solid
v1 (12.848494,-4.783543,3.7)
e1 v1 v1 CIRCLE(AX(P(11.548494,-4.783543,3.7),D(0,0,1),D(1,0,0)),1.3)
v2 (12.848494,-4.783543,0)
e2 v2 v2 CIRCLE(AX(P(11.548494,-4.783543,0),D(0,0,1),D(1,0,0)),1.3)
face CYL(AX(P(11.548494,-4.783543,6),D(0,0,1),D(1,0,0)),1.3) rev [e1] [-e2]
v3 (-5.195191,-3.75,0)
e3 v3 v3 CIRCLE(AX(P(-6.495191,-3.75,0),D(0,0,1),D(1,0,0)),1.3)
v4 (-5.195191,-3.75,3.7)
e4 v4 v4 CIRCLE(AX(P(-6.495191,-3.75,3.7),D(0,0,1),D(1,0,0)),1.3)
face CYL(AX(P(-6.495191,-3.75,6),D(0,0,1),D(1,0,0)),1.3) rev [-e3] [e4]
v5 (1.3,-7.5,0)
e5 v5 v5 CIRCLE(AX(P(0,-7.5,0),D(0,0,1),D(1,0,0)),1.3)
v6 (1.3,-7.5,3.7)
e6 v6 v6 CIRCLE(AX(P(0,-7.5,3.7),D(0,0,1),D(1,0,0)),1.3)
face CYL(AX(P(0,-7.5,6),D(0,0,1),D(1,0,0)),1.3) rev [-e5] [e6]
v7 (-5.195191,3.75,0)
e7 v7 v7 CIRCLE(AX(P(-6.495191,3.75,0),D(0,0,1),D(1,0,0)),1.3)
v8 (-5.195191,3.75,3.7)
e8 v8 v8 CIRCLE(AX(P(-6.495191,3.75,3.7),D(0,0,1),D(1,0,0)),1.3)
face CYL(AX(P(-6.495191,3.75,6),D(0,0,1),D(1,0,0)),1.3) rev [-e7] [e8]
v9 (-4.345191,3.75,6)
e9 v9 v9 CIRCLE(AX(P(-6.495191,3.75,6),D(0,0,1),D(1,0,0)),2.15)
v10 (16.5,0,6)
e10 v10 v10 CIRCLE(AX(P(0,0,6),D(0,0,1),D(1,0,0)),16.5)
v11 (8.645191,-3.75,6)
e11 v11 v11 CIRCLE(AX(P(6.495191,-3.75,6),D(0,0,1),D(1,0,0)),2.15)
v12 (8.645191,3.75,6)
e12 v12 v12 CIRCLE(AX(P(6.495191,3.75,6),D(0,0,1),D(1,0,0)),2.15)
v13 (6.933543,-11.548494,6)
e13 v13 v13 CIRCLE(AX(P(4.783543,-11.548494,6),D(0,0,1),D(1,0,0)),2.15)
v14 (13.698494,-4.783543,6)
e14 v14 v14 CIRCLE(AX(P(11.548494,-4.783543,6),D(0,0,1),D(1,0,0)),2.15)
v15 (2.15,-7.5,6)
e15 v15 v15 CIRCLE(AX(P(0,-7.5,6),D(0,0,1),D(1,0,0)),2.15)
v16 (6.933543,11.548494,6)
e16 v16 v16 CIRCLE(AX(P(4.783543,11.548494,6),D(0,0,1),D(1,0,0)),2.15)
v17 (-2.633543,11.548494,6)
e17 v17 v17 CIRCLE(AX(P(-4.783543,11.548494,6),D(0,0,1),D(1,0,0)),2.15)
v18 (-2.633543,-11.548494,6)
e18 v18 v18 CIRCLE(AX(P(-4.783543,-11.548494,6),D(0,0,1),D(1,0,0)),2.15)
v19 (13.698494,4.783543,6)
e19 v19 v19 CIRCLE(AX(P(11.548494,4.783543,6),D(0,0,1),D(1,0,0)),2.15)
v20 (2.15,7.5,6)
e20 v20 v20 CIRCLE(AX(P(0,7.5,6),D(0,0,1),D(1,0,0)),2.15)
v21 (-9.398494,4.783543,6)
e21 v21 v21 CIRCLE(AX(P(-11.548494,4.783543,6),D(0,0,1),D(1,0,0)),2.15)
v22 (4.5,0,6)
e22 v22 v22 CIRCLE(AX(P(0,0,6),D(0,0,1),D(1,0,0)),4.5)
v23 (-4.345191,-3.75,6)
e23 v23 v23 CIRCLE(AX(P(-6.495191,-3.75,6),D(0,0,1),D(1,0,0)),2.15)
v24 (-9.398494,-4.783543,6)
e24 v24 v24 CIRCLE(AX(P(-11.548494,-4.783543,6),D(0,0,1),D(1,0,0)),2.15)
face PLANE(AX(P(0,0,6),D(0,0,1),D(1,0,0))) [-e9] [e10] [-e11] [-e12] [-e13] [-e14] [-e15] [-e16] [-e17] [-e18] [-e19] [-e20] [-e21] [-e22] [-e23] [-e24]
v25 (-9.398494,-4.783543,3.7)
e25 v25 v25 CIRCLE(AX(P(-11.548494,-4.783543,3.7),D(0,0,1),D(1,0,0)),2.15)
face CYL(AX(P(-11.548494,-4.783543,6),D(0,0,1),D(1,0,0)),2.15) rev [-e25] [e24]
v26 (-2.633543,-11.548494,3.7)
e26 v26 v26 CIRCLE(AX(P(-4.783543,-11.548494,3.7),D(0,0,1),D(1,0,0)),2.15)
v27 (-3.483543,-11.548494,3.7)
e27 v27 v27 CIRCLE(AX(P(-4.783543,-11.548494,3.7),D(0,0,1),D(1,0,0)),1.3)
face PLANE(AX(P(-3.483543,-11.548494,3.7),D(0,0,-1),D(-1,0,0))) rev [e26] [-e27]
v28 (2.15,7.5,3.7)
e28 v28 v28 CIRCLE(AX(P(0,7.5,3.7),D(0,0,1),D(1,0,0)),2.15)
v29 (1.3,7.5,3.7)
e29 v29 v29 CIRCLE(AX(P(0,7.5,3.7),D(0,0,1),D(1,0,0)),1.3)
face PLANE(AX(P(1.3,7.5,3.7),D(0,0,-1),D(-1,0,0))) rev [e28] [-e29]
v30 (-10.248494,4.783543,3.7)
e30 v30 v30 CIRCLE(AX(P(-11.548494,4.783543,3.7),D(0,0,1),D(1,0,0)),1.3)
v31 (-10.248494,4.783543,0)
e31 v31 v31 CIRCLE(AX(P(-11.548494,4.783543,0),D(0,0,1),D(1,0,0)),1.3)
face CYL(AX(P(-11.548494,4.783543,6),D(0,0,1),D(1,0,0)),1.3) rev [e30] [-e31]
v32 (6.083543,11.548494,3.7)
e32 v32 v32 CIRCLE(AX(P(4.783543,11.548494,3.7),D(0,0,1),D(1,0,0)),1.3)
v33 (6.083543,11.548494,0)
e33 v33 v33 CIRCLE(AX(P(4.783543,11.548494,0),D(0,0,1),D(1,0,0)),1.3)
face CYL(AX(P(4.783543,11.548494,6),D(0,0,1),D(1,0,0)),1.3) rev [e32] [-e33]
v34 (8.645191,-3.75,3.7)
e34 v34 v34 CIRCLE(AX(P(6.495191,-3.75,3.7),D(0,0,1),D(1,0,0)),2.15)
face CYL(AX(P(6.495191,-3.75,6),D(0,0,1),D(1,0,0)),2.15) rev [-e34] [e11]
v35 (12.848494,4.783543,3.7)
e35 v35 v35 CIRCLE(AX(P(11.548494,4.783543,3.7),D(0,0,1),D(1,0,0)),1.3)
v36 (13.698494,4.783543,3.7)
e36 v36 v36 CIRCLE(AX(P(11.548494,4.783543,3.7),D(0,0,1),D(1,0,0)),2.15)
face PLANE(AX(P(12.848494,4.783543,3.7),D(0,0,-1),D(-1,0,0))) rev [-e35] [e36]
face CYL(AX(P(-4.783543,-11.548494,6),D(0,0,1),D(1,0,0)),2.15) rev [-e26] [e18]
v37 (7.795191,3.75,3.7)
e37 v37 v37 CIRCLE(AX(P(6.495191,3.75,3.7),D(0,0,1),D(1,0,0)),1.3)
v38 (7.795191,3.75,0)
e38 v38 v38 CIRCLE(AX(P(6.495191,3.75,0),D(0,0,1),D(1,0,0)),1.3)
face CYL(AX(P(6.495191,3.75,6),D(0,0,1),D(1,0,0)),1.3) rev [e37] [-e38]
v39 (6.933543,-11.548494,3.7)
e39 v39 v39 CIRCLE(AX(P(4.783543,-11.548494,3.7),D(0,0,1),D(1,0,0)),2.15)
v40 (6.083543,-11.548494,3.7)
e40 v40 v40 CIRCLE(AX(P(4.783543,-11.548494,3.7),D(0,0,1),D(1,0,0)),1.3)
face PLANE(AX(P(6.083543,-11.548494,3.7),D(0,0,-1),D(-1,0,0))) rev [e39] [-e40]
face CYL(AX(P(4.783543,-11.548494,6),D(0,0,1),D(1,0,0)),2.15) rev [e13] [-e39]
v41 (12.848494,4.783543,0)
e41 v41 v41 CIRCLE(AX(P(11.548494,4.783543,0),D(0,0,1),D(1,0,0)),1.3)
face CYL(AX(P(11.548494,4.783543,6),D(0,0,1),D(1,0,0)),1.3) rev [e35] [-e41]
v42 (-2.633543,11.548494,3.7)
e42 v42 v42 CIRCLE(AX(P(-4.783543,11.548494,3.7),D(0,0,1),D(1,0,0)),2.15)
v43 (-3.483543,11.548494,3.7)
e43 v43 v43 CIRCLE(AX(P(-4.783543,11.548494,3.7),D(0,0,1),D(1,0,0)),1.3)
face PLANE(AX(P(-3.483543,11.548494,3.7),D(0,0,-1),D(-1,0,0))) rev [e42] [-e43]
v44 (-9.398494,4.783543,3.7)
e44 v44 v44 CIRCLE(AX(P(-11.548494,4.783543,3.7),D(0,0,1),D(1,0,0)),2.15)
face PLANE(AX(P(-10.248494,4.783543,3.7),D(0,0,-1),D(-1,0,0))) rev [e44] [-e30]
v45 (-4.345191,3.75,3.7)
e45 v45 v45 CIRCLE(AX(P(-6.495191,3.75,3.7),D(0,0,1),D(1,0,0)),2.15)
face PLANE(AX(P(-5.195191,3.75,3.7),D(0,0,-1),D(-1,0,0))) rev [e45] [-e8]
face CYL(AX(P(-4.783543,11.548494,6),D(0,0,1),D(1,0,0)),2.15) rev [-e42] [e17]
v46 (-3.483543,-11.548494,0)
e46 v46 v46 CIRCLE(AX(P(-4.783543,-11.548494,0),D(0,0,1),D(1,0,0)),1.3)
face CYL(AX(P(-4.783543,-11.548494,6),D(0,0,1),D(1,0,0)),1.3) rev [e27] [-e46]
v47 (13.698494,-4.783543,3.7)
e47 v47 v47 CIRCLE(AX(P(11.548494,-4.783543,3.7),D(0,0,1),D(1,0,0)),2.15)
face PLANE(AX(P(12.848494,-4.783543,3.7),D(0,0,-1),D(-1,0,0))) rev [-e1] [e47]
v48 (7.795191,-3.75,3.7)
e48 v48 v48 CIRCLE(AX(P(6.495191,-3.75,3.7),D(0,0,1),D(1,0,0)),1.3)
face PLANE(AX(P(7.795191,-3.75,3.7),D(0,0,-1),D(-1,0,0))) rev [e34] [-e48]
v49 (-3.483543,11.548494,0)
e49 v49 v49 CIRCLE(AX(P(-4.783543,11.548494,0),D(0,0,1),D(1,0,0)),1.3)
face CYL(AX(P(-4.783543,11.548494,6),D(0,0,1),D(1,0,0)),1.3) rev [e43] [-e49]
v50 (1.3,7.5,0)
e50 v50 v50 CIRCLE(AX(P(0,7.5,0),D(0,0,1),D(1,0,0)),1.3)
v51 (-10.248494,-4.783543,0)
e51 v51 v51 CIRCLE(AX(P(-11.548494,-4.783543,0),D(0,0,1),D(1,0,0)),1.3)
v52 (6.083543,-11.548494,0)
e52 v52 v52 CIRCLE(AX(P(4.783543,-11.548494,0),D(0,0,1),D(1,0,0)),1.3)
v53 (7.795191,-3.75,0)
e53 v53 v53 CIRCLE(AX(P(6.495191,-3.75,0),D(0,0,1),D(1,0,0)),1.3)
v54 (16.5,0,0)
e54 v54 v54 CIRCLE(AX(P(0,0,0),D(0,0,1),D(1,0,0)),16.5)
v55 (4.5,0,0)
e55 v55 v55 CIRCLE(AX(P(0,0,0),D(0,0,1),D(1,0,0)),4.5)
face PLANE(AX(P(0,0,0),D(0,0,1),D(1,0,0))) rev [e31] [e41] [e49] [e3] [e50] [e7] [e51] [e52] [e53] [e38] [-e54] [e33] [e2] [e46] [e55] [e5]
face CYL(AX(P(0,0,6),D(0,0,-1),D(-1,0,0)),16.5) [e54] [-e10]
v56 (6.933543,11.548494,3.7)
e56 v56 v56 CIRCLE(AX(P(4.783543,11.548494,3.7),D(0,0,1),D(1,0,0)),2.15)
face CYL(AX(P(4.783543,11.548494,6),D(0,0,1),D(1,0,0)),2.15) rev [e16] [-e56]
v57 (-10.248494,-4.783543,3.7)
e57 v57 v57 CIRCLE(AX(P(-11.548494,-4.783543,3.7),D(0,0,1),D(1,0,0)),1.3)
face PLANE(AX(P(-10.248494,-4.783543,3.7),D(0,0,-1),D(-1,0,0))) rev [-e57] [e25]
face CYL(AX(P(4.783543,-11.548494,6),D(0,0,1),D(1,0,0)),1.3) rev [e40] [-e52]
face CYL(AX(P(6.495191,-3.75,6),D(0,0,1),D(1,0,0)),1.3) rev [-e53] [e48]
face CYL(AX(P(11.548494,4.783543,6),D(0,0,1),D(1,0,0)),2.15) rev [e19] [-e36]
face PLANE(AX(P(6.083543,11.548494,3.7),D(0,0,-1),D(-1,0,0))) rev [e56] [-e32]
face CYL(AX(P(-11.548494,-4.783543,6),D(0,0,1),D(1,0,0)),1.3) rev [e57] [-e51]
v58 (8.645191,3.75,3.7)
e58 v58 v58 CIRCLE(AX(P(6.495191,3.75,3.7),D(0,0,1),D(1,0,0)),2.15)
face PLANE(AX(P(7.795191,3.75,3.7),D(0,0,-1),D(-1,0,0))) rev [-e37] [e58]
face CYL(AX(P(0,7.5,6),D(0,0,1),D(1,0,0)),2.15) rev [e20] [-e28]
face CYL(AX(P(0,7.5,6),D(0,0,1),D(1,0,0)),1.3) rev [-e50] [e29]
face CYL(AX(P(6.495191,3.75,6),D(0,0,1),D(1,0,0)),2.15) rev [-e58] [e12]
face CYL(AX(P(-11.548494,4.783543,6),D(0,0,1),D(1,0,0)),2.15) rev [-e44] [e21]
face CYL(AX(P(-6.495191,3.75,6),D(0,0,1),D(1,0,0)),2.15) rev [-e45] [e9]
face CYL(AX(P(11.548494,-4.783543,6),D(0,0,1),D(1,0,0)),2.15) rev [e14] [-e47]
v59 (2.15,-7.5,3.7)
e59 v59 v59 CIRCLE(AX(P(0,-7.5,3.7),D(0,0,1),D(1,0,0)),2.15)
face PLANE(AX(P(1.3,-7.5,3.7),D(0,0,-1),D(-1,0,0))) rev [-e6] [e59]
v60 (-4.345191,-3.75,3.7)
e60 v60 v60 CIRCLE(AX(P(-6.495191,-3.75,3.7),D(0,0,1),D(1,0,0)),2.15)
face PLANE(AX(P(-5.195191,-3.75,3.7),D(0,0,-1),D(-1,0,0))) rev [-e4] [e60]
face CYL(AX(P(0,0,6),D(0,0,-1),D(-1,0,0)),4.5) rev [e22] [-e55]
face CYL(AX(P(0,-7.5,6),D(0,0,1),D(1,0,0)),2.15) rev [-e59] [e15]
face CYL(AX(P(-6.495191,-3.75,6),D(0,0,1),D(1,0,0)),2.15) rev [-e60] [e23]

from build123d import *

# Parameters (mm, degrees)
SKETCH_1_R                = 16.5
SKETCH_1_R_2              = 4.5
EXTRUDE_1_DEPTH           = 6
HOLE_WIZARD_1_D           = 2.6
HOLE_WIZARD_1_CBORE_D     = 4.3
HOLE_WIZARD_1_CBORE_DEPTH = 2.3
PATTERN_CIRCULAR_1_COUNT  = 6
HOLE_WIZARD_2_D           = 2.6
HOLE_WIZARD_2_CBORE_D     = 4.3
HOLE_WIZARD_2_CBORE_DEPTH = 2.3
PATTERN_CIRCULAR_2_COUNT  = 8


with BuildPart() as part:
    # 草图1 → 凸台-拉伸1 (new body)
    with BuildSketch(Plane.XY):
        Circle(SKETCH_1_R)
        Circle(SKETCH_1_R_2, mode=Mode.SUBTRACT)
    extrude(amount=EXTRUDE_1_DEPTH)

    # 打孔尺寸(%根据)内六角圆柱头螺钉的类型1 (through all)
    with Locations(Plane.XY.offset(6)):
        with Locations((0, 7.5)):
            hole_wizard_1 = CounterBoreHole(HOLE_WIZARD_1_D / 2, HOLE_WIZARD_1_CBORE_D / 2, HOLE_WIZARD_1_CBORE_DEPTH)

    # 阵列(圆周)1: 打孔尺寸(%根据)内六角圆柱头螺钉的类型1 ×6 about axis
    pattern_circular_1_axis = Axis((0, 0, 6), (0, 0, -1))
    for i in range(1, PATTERN_CIRCULAR_1_COUNT):
        add(hole_wizard_1.rotate(pattern_circular_1_axis, i * 360 / PATTERN_CIRCULAR_1_COUNT), mode=Mode.SUBTRACT)

    # 打孔尺寸(%根据)内六角圆柱头螺钉的类型2 (through all)
    with Locations(Plane.XY.offset(6)):
        with Locations((-4.783542905, 11.548494156)):
            hole_wizard_2 = CounterBoreHole(HOLE_WIZARD_2_D / 2, HOLE_WIZARD_2_CBORE_D / 2, HOLE_WIZARD_2_CBORE_DEPTH)

    # 阵列(圆周)2: 打孔尺寸(%根据)内六角圆柱头螺钉的类型2 ×8 about axis
    pattern_circular_2_axis = Axis((0, 0, 6), (0, 0, -1))
    for i in range(1, PATTERN_CIRCULAR_2_COUNT):
        add(hole_wizard_2.rotate(pattern_circular_2_axis, i * 360 / PATTERN_CIRCULAR_2_COUNT), mode=Mode.SUBTRACT)


solid = part.part
